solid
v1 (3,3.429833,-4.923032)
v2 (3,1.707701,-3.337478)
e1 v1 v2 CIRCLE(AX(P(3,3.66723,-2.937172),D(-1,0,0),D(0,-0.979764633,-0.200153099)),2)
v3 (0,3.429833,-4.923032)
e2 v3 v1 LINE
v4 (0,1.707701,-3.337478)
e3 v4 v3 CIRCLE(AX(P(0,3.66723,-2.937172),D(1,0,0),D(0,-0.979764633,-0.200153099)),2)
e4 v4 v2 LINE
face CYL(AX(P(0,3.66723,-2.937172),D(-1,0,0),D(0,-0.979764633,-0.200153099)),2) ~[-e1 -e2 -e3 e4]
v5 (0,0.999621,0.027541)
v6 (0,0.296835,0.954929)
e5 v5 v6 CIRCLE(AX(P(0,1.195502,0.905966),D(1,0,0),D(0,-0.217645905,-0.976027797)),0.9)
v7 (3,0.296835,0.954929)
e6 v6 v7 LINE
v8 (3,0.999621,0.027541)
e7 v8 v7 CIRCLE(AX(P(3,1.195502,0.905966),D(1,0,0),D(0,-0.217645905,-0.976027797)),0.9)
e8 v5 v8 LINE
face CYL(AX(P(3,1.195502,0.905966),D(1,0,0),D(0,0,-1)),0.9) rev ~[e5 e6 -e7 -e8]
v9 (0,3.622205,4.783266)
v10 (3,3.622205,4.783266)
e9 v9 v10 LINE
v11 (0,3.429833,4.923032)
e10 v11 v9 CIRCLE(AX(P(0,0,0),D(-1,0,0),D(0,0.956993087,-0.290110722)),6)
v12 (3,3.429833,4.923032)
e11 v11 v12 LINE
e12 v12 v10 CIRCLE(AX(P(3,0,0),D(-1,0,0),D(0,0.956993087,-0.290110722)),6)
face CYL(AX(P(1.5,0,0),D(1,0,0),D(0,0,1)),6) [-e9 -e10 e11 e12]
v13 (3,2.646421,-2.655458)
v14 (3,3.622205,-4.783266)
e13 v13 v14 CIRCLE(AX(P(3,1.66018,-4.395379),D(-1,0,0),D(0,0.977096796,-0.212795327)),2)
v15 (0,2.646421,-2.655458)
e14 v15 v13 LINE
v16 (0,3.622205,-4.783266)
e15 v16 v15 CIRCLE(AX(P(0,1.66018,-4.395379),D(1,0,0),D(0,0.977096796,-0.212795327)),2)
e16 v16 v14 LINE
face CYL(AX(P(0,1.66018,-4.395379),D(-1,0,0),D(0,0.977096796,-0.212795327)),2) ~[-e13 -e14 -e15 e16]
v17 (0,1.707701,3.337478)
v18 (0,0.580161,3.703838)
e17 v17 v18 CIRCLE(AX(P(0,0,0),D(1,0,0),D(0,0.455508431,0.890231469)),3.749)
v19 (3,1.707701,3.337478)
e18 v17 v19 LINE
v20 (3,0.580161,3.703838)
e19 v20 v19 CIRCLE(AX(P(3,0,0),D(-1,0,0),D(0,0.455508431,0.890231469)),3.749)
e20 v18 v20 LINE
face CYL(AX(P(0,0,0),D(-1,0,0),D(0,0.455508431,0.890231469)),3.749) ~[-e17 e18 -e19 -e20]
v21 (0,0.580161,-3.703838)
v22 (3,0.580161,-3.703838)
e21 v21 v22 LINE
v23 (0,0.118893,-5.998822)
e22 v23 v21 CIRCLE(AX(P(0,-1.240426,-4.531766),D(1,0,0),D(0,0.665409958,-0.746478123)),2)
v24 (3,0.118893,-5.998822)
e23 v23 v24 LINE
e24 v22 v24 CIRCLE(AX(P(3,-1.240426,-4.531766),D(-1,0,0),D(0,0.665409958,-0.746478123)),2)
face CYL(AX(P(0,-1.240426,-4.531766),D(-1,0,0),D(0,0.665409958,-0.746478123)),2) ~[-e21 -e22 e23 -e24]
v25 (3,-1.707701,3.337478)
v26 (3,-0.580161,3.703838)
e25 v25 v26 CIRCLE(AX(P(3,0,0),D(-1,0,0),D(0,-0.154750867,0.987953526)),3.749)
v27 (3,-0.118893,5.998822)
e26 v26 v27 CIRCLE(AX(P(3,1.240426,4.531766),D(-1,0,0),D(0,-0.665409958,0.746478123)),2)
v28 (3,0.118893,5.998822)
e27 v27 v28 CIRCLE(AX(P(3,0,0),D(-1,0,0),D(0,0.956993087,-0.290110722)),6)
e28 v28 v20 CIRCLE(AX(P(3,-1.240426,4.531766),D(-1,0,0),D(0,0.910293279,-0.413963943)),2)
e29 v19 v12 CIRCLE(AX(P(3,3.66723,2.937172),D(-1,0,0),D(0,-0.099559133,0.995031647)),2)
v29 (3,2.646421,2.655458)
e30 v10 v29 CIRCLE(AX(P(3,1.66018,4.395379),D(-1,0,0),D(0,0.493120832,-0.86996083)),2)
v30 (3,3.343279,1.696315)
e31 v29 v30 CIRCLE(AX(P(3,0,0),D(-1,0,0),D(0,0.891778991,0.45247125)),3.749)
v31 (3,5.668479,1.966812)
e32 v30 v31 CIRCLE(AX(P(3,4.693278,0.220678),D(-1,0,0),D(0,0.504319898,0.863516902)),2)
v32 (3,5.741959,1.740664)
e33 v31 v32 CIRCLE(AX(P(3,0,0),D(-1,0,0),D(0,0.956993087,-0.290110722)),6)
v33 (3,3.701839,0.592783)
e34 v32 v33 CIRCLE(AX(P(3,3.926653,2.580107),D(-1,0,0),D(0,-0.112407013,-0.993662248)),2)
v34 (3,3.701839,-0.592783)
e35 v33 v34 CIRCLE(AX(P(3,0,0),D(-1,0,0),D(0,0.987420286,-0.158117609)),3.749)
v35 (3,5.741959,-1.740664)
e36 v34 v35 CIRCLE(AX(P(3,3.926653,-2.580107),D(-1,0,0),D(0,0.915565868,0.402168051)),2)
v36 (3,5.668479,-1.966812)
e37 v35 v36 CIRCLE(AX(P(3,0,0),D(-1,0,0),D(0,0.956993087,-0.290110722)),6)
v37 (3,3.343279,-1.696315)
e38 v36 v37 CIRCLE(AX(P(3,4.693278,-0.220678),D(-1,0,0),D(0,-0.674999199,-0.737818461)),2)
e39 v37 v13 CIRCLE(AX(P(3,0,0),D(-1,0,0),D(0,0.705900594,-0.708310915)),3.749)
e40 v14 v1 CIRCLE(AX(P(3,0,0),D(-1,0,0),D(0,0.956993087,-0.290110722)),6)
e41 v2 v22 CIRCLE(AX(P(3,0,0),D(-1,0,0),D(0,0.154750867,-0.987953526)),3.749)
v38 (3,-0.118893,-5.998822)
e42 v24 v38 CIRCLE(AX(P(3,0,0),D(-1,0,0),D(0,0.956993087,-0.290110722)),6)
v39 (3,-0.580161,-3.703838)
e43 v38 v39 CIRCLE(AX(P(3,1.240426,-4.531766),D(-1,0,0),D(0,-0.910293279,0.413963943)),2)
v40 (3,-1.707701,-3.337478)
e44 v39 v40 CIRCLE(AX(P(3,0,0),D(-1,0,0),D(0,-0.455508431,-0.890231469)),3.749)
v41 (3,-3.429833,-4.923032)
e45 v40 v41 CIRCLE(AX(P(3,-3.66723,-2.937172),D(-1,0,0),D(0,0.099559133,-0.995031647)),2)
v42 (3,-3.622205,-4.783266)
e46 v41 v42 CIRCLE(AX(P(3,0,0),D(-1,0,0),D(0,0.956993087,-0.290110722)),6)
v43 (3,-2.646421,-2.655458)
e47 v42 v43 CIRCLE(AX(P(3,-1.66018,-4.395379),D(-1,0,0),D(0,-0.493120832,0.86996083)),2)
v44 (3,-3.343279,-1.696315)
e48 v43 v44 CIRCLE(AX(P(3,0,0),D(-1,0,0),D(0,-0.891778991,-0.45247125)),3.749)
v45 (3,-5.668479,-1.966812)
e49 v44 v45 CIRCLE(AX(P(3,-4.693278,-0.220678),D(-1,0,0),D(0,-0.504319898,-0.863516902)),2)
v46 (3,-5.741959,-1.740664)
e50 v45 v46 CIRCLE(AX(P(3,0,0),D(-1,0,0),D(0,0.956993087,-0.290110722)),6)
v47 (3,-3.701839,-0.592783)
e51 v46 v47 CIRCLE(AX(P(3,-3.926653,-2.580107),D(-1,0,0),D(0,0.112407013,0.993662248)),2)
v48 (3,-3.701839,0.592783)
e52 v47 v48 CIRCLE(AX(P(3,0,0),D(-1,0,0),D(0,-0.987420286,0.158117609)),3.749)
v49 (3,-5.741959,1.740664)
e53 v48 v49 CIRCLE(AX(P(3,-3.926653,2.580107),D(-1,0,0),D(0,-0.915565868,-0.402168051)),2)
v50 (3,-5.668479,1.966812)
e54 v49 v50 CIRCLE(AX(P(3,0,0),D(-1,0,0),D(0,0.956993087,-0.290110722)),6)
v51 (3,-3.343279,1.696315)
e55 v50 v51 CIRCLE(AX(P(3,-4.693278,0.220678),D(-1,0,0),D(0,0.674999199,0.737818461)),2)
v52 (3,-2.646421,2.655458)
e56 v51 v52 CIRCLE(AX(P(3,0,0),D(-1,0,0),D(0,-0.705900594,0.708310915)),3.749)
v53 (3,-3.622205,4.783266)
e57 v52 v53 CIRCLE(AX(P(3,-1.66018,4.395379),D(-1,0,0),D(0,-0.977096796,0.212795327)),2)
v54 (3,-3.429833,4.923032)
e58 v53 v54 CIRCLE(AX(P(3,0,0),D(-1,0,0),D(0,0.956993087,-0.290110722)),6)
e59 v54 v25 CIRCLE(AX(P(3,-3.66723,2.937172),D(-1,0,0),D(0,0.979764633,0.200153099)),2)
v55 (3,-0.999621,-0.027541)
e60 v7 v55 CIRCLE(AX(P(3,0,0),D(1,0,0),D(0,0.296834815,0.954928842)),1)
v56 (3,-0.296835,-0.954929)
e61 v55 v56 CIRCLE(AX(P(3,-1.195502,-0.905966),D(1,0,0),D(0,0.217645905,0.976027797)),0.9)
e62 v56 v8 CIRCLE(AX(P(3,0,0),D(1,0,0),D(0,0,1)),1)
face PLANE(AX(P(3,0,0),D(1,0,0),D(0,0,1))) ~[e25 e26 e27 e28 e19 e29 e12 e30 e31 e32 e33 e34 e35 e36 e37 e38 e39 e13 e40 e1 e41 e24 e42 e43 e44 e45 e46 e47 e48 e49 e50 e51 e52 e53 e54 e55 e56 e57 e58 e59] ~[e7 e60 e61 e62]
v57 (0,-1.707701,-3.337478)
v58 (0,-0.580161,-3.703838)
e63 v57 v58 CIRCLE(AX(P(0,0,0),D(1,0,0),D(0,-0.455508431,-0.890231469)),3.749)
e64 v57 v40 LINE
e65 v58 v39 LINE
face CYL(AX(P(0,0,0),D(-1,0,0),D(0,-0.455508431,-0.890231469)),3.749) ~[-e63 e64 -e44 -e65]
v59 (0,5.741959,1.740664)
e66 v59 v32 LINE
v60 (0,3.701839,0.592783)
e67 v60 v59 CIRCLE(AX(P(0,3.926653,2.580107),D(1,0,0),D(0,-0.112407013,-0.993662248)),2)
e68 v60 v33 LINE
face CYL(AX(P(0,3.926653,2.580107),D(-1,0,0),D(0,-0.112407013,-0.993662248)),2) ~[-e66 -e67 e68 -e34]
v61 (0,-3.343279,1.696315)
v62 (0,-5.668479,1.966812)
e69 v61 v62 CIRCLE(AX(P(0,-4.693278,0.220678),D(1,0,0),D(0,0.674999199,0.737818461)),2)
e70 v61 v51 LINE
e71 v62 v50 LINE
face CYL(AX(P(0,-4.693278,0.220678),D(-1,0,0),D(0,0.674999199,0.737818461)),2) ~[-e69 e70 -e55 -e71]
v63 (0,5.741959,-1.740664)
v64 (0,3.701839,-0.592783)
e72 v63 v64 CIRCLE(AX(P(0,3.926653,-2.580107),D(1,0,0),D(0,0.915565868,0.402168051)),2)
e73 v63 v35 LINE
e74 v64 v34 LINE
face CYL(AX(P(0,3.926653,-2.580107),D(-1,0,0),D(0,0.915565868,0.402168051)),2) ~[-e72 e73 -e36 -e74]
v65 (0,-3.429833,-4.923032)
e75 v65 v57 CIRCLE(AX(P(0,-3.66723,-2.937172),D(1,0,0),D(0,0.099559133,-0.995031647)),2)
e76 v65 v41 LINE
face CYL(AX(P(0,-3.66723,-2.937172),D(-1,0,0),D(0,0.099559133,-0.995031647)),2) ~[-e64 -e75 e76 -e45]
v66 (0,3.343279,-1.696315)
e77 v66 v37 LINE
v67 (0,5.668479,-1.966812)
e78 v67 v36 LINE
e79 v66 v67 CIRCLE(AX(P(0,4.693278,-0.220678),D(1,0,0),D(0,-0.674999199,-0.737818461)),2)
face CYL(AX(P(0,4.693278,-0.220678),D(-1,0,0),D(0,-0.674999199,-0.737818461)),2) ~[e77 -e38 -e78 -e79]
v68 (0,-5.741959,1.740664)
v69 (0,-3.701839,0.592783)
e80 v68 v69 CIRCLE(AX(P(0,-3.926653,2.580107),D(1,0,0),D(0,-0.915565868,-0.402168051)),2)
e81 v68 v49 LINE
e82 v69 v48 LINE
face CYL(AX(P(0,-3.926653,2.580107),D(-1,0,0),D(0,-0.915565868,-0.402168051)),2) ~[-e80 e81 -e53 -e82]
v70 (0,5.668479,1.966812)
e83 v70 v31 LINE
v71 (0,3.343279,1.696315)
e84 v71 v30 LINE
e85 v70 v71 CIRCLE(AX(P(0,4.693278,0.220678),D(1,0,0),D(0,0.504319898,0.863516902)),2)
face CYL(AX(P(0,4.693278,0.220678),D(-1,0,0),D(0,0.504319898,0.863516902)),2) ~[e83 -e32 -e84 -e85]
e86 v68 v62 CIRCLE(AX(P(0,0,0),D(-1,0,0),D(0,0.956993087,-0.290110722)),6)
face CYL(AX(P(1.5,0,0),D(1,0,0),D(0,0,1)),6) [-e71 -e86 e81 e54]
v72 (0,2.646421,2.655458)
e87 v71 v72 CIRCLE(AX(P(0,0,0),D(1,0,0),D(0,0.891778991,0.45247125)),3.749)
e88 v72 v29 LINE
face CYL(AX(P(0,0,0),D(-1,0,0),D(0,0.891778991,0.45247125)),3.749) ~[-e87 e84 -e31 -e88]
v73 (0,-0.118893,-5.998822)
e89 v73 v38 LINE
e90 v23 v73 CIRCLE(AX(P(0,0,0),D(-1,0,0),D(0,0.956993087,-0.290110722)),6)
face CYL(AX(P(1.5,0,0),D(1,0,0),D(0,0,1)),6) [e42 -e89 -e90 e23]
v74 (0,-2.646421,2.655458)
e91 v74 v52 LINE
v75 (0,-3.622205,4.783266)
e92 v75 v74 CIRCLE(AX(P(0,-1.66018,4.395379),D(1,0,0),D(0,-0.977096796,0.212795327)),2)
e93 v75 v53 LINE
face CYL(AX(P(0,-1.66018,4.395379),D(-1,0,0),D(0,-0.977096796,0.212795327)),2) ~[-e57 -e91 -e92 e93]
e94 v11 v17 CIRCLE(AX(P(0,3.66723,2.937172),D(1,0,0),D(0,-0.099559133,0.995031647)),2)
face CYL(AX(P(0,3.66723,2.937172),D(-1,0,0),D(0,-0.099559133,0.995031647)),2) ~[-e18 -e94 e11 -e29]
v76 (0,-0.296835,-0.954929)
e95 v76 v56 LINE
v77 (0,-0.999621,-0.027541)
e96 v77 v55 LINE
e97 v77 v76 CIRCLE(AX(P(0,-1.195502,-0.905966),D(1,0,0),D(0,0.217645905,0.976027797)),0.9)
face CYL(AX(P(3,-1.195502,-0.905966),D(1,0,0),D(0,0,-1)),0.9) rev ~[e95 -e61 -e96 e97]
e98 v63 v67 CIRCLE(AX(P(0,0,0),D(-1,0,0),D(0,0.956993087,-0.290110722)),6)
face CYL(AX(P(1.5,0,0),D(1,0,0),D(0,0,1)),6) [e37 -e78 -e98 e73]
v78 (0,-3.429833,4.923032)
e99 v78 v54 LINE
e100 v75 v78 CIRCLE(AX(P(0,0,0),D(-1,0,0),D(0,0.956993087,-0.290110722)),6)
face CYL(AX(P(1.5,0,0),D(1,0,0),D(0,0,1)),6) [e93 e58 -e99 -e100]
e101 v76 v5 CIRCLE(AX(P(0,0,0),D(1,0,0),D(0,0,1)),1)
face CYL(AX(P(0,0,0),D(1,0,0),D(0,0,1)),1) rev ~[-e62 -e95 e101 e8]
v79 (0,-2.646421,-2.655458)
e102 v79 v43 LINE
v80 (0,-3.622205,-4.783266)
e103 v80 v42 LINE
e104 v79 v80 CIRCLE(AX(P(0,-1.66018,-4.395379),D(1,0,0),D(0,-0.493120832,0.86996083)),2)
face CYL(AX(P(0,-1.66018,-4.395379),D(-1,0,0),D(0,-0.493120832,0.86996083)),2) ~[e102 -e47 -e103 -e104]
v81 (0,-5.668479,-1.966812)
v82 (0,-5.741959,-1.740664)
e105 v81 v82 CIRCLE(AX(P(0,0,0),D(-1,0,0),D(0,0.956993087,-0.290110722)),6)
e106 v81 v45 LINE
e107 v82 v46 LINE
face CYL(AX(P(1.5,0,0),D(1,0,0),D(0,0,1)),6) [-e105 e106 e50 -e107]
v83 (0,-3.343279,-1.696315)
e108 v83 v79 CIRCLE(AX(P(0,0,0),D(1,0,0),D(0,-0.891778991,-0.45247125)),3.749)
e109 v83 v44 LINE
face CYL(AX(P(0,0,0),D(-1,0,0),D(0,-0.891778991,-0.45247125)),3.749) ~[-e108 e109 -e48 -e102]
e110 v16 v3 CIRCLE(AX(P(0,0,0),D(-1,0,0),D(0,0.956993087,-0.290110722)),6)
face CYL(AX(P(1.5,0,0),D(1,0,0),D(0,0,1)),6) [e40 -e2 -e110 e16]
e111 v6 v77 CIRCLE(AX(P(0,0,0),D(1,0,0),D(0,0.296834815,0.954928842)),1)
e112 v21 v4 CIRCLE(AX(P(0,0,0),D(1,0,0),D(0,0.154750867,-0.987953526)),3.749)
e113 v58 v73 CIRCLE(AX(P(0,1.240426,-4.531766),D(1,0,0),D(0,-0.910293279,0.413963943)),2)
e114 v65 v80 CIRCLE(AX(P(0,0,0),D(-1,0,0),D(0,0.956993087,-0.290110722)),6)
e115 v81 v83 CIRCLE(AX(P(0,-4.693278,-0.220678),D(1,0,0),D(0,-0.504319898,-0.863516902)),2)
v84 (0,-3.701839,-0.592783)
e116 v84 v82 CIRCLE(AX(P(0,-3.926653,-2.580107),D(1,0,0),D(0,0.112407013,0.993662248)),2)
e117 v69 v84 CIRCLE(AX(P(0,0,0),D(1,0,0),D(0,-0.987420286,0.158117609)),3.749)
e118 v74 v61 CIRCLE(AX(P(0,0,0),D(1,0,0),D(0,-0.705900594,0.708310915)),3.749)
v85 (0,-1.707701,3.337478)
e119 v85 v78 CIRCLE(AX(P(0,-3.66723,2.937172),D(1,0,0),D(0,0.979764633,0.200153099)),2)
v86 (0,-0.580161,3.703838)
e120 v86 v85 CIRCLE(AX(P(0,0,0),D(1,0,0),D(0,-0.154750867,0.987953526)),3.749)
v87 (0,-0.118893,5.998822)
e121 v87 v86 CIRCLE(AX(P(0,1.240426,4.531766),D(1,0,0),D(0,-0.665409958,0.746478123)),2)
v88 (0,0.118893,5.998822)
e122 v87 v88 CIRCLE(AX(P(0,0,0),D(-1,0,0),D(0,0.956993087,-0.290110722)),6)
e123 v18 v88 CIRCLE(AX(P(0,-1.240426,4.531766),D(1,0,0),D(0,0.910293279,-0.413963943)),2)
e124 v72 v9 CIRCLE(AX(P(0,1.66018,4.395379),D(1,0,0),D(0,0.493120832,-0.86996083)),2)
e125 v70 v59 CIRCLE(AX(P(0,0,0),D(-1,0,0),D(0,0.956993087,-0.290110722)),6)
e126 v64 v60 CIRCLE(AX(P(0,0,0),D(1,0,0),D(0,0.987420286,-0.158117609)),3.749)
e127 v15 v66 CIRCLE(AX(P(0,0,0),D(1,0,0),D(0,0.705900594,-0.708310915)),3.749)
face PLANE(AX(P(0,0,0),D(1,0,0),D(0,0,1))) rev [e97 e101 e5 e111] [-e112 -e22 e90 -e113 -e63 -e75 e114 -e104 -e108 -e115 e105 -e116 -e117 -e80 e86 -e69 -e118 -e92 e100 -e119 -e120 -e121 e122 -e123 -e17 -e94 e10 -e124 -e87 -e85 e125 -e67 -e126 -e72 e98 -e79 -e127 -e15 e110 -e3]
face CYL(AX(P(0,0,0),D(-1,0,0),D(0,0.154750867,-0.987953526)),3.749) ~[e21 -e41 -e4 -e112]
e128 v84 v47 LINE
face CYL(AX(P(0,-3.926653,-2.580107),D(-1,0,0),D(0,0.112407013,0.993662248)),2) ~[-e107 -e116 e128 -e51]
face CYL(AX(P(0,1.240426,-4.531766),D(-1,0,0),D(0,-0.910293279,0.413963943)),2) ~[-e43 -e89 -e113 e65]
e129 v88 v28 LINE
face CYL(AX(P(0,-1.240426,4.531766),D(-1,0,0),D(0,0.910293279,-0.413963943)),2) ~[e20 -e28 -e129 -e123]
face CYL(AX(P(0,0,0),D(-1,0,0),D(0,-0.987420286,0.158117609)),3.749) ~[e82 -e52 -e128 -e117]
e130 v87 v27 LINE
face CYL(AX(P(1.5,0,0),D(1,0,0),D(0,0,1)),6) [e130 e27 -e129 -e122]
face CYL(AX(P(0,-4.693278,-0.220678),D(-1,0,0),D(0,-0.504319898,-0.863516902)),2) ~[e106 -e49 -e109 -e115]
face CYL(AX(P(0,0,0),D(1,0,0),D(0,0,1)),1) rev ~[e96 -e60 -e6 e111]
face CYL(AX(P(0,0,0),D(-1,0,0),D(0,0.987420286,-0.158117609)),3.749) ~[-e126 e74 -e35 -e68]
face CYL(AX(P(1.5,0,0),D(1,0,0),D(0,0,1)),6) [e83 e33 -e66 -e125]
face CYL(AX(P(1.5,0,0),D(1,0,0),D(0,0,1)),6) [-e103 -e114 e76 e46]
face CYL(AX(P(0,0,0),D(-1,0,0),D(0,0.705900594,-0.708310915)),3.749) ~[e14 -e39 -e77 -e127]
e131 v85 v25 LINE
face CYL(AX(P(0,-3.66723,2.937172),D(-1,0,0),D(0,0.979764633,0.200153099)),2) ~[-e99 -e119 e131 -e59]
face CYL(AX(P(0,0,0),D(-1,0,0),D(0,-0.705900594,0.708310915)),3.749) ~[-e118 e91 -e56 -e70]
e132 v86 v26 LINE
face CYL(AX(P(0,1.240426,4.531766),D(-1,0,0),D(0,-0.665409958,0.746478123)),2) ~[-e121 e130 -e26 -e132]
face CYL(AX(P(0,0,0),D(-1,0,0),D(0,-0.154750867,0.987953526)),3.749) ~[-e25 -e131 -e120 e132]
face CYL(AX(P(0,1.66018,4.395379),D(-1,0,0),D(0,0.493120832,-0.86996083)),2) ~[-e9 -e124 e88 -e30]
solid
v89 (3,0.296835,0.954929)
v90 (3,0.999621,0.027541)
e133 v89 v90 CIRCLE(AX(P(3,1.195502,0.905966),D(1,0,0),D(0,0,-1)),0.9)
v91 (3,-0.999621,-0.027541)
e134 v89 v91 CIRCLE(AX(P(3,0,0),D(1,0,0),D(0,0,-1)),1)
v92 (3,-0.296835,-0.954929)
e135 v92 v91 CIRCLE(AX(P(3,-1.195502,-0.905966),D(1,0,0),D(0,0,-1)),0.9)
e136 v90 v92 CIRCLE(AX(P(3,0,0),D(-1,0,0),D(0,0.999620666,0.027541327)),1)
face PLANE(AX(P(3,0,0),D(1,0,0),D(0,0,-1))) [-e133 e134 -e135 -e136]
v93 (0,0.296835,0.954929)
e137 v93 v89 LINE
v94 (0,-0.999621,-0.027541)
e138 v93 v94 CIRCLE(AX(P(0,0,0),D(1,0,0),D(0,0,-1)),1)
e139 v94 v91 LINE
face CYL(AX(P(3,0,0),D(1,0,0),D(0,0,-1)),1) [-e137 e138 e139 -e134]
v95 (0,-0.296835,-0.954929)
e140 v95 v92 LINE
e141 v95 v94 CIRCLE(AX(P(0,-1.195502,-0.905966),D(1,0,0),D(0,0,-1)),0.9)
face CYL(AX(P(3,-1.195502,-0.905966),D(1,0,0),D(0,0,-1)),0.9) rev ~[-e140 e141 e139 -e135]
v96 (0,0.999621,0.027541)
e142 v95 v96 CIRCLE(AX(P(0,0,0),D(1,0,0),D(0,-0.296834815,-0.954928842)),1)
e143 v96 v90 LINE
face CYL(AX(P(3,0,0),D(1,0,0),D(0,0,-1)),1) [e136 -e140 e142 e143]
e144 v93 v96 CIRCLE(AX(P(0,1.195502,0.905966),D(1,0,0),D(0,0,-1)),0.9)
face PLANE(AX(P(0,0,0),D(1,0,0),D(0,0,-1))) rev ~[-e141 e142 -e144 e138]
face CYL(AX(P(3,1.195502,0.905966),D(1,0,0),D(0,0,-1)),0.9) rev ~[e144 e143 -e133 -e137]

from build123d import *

# Parameters (mm, degrees)
BASPROSKE_W         = 3
BASPROSKE_H         = 6
TOOTHCUT_DEPTH      = 10
TEETHCUTS_COUNT     = 10
TEETHCUTS_ANGLE     = 324
HUBNEABOTSKE_R      = 0.5
HUBNEARBOTH_DEPTH   = 23.5000254
HUBFAR_START        = 23.5000254
HUBFARSKE_R         = 0.5
HUBFAR_DEPTH        = 23.5000254
BORSKE_R            = 1
BORE_DEPTH          = 50.0000508
SKETCH1_R           = 1
BOSS_EXTRUDE1_DEPTH = 3
SKETCH2_R           = 0.9
CUT_EXTRUDE1_DEPTH  = 3


with BuildPart() as part:
    # BasProSke → Base-Revolve (revolve)
    with BuildSketch(Plane(origin=(0, 0, 0), x_dir=(1, 0, 0), z_dir=(0, 1, 0))):
        with Locations((1.5, 3)):
            Rectangle(BASPROSKE_W, BASPROSKE_H)
    revolve(axis=Axis((-10, 0, 0), (1, 0, 0)))

    # TooCutSke → ToothCut (cut, through all)
    with BuildSketch(Plane(origin=(0, 0, 0), x_dir=(0, 0, -1), z_dir=(1, 0, 0))):
        with BuildLine():
            ThreePointArc((0.59278292, 3.701838653), (0, 3.749), (-0.59278292, 3.701838653))
            ThreePointArc((-0.59278292, 3.701838653), (-0.846593509, 4.924114224), (-1.775771316, 5.757784417))
            ThreePointArc((-1.775771316, 5.757784417), (0, 6.0254), (1.775771316, 5.757784417))
            ThreePointArc((1.775771316, 5.757784417), (0.846593509, 4.924114224), (0.59278292, 3.701838653))
        make_face()
    toothcut = extrude(amount=TOOTHCUT_DEPTH, mode=Mode.SUBTRACT)

    # TeethCuts: ToothCut ×10 about axis
    teethcuts_axis = Axis((-10, 0, 0), (1, 0, 0))
    for i in range(1, TEETHCUTS_COUNT):
        add(toothcut.rotate(teethcuts_axis, i * TEETHCUTS_ANGLE / (TEETHCUTS_COUNT - 1)), mode=Mode.SUBTRACT)

    # HubNeaBotSke → HubNearBoth (add)
    with BuildSketch(Plane.ZY):
        Circle(HUBNEABOTSKE_R)
    extrude(amount=HUBNEARBOTH_DEPTH)

    # HubFarSke → HubFar (add)
    with BuildSketch(Plane(origin=(3, 0, 0), x_dir=(0, 0, -1), z_dir=(1, 0, 0)).offset(HUBFAR_START)):
        Circle(HUBFARSKE_R)
    extrude(amount=-HUBFAR_DEPTH)

    # BorSke → Bore (cut, symmetric)
    with BuildSketch(Plane(origin=(0, 0, 0), x_dir=(0, 0, -1), z_dir=(1, 0, 0))):
        Circle(BORSKE_R)
    extrude(amount=BORE_DEPTH, both=True, mode=Mode.SUBTRACT)


with BuildPart() as body_2:
    # Sketch1 → Boss-Extrude1 (new body)
    with BuildSketch(Plane(origin=(3, 0, 0), x_dir=(0, 0, -1), z_dir=(1, 0, 0))):
        Circle(SKETCH1_R)
    extrude(amount=-BOSS_EXTRUDE1_DEPTH)


with BuildPart() as cut_extrude1_tool:
    # Sketch2 → Cut-Extrude1 (new body)
    with BuildSketch(Plane(origin=(3, 0, 0), x_dir=(0, 0, -1), z_dir=(1, 0, 0))):
        with Locations((-0.905966344, 1.19550198)):
            Circle(SKETCH2_R)
        with Locations((0.905966344, -1.19550198)):
            Circle(SKETCH2_R)
    extrude(amount=-CUT_EXTRUDE1_DEPTH)


with BuildPart() as part_1:
    add(part.part)

    # Cut-Extrude1: cut by cut_extrude1_tool
    add(cut_extrude1_tool.part, mode=Mode.SUBTRACT)


with BuildPart() as body_2_1:
    add(body_2.part)

    # Cut-Extrude1: cut by cut_extrude1_tool
    add(cut_extrude1_tool.part, mode=Mode.SUBTRACT)


solid = Compound([part_1.part, body_2_1.part])
